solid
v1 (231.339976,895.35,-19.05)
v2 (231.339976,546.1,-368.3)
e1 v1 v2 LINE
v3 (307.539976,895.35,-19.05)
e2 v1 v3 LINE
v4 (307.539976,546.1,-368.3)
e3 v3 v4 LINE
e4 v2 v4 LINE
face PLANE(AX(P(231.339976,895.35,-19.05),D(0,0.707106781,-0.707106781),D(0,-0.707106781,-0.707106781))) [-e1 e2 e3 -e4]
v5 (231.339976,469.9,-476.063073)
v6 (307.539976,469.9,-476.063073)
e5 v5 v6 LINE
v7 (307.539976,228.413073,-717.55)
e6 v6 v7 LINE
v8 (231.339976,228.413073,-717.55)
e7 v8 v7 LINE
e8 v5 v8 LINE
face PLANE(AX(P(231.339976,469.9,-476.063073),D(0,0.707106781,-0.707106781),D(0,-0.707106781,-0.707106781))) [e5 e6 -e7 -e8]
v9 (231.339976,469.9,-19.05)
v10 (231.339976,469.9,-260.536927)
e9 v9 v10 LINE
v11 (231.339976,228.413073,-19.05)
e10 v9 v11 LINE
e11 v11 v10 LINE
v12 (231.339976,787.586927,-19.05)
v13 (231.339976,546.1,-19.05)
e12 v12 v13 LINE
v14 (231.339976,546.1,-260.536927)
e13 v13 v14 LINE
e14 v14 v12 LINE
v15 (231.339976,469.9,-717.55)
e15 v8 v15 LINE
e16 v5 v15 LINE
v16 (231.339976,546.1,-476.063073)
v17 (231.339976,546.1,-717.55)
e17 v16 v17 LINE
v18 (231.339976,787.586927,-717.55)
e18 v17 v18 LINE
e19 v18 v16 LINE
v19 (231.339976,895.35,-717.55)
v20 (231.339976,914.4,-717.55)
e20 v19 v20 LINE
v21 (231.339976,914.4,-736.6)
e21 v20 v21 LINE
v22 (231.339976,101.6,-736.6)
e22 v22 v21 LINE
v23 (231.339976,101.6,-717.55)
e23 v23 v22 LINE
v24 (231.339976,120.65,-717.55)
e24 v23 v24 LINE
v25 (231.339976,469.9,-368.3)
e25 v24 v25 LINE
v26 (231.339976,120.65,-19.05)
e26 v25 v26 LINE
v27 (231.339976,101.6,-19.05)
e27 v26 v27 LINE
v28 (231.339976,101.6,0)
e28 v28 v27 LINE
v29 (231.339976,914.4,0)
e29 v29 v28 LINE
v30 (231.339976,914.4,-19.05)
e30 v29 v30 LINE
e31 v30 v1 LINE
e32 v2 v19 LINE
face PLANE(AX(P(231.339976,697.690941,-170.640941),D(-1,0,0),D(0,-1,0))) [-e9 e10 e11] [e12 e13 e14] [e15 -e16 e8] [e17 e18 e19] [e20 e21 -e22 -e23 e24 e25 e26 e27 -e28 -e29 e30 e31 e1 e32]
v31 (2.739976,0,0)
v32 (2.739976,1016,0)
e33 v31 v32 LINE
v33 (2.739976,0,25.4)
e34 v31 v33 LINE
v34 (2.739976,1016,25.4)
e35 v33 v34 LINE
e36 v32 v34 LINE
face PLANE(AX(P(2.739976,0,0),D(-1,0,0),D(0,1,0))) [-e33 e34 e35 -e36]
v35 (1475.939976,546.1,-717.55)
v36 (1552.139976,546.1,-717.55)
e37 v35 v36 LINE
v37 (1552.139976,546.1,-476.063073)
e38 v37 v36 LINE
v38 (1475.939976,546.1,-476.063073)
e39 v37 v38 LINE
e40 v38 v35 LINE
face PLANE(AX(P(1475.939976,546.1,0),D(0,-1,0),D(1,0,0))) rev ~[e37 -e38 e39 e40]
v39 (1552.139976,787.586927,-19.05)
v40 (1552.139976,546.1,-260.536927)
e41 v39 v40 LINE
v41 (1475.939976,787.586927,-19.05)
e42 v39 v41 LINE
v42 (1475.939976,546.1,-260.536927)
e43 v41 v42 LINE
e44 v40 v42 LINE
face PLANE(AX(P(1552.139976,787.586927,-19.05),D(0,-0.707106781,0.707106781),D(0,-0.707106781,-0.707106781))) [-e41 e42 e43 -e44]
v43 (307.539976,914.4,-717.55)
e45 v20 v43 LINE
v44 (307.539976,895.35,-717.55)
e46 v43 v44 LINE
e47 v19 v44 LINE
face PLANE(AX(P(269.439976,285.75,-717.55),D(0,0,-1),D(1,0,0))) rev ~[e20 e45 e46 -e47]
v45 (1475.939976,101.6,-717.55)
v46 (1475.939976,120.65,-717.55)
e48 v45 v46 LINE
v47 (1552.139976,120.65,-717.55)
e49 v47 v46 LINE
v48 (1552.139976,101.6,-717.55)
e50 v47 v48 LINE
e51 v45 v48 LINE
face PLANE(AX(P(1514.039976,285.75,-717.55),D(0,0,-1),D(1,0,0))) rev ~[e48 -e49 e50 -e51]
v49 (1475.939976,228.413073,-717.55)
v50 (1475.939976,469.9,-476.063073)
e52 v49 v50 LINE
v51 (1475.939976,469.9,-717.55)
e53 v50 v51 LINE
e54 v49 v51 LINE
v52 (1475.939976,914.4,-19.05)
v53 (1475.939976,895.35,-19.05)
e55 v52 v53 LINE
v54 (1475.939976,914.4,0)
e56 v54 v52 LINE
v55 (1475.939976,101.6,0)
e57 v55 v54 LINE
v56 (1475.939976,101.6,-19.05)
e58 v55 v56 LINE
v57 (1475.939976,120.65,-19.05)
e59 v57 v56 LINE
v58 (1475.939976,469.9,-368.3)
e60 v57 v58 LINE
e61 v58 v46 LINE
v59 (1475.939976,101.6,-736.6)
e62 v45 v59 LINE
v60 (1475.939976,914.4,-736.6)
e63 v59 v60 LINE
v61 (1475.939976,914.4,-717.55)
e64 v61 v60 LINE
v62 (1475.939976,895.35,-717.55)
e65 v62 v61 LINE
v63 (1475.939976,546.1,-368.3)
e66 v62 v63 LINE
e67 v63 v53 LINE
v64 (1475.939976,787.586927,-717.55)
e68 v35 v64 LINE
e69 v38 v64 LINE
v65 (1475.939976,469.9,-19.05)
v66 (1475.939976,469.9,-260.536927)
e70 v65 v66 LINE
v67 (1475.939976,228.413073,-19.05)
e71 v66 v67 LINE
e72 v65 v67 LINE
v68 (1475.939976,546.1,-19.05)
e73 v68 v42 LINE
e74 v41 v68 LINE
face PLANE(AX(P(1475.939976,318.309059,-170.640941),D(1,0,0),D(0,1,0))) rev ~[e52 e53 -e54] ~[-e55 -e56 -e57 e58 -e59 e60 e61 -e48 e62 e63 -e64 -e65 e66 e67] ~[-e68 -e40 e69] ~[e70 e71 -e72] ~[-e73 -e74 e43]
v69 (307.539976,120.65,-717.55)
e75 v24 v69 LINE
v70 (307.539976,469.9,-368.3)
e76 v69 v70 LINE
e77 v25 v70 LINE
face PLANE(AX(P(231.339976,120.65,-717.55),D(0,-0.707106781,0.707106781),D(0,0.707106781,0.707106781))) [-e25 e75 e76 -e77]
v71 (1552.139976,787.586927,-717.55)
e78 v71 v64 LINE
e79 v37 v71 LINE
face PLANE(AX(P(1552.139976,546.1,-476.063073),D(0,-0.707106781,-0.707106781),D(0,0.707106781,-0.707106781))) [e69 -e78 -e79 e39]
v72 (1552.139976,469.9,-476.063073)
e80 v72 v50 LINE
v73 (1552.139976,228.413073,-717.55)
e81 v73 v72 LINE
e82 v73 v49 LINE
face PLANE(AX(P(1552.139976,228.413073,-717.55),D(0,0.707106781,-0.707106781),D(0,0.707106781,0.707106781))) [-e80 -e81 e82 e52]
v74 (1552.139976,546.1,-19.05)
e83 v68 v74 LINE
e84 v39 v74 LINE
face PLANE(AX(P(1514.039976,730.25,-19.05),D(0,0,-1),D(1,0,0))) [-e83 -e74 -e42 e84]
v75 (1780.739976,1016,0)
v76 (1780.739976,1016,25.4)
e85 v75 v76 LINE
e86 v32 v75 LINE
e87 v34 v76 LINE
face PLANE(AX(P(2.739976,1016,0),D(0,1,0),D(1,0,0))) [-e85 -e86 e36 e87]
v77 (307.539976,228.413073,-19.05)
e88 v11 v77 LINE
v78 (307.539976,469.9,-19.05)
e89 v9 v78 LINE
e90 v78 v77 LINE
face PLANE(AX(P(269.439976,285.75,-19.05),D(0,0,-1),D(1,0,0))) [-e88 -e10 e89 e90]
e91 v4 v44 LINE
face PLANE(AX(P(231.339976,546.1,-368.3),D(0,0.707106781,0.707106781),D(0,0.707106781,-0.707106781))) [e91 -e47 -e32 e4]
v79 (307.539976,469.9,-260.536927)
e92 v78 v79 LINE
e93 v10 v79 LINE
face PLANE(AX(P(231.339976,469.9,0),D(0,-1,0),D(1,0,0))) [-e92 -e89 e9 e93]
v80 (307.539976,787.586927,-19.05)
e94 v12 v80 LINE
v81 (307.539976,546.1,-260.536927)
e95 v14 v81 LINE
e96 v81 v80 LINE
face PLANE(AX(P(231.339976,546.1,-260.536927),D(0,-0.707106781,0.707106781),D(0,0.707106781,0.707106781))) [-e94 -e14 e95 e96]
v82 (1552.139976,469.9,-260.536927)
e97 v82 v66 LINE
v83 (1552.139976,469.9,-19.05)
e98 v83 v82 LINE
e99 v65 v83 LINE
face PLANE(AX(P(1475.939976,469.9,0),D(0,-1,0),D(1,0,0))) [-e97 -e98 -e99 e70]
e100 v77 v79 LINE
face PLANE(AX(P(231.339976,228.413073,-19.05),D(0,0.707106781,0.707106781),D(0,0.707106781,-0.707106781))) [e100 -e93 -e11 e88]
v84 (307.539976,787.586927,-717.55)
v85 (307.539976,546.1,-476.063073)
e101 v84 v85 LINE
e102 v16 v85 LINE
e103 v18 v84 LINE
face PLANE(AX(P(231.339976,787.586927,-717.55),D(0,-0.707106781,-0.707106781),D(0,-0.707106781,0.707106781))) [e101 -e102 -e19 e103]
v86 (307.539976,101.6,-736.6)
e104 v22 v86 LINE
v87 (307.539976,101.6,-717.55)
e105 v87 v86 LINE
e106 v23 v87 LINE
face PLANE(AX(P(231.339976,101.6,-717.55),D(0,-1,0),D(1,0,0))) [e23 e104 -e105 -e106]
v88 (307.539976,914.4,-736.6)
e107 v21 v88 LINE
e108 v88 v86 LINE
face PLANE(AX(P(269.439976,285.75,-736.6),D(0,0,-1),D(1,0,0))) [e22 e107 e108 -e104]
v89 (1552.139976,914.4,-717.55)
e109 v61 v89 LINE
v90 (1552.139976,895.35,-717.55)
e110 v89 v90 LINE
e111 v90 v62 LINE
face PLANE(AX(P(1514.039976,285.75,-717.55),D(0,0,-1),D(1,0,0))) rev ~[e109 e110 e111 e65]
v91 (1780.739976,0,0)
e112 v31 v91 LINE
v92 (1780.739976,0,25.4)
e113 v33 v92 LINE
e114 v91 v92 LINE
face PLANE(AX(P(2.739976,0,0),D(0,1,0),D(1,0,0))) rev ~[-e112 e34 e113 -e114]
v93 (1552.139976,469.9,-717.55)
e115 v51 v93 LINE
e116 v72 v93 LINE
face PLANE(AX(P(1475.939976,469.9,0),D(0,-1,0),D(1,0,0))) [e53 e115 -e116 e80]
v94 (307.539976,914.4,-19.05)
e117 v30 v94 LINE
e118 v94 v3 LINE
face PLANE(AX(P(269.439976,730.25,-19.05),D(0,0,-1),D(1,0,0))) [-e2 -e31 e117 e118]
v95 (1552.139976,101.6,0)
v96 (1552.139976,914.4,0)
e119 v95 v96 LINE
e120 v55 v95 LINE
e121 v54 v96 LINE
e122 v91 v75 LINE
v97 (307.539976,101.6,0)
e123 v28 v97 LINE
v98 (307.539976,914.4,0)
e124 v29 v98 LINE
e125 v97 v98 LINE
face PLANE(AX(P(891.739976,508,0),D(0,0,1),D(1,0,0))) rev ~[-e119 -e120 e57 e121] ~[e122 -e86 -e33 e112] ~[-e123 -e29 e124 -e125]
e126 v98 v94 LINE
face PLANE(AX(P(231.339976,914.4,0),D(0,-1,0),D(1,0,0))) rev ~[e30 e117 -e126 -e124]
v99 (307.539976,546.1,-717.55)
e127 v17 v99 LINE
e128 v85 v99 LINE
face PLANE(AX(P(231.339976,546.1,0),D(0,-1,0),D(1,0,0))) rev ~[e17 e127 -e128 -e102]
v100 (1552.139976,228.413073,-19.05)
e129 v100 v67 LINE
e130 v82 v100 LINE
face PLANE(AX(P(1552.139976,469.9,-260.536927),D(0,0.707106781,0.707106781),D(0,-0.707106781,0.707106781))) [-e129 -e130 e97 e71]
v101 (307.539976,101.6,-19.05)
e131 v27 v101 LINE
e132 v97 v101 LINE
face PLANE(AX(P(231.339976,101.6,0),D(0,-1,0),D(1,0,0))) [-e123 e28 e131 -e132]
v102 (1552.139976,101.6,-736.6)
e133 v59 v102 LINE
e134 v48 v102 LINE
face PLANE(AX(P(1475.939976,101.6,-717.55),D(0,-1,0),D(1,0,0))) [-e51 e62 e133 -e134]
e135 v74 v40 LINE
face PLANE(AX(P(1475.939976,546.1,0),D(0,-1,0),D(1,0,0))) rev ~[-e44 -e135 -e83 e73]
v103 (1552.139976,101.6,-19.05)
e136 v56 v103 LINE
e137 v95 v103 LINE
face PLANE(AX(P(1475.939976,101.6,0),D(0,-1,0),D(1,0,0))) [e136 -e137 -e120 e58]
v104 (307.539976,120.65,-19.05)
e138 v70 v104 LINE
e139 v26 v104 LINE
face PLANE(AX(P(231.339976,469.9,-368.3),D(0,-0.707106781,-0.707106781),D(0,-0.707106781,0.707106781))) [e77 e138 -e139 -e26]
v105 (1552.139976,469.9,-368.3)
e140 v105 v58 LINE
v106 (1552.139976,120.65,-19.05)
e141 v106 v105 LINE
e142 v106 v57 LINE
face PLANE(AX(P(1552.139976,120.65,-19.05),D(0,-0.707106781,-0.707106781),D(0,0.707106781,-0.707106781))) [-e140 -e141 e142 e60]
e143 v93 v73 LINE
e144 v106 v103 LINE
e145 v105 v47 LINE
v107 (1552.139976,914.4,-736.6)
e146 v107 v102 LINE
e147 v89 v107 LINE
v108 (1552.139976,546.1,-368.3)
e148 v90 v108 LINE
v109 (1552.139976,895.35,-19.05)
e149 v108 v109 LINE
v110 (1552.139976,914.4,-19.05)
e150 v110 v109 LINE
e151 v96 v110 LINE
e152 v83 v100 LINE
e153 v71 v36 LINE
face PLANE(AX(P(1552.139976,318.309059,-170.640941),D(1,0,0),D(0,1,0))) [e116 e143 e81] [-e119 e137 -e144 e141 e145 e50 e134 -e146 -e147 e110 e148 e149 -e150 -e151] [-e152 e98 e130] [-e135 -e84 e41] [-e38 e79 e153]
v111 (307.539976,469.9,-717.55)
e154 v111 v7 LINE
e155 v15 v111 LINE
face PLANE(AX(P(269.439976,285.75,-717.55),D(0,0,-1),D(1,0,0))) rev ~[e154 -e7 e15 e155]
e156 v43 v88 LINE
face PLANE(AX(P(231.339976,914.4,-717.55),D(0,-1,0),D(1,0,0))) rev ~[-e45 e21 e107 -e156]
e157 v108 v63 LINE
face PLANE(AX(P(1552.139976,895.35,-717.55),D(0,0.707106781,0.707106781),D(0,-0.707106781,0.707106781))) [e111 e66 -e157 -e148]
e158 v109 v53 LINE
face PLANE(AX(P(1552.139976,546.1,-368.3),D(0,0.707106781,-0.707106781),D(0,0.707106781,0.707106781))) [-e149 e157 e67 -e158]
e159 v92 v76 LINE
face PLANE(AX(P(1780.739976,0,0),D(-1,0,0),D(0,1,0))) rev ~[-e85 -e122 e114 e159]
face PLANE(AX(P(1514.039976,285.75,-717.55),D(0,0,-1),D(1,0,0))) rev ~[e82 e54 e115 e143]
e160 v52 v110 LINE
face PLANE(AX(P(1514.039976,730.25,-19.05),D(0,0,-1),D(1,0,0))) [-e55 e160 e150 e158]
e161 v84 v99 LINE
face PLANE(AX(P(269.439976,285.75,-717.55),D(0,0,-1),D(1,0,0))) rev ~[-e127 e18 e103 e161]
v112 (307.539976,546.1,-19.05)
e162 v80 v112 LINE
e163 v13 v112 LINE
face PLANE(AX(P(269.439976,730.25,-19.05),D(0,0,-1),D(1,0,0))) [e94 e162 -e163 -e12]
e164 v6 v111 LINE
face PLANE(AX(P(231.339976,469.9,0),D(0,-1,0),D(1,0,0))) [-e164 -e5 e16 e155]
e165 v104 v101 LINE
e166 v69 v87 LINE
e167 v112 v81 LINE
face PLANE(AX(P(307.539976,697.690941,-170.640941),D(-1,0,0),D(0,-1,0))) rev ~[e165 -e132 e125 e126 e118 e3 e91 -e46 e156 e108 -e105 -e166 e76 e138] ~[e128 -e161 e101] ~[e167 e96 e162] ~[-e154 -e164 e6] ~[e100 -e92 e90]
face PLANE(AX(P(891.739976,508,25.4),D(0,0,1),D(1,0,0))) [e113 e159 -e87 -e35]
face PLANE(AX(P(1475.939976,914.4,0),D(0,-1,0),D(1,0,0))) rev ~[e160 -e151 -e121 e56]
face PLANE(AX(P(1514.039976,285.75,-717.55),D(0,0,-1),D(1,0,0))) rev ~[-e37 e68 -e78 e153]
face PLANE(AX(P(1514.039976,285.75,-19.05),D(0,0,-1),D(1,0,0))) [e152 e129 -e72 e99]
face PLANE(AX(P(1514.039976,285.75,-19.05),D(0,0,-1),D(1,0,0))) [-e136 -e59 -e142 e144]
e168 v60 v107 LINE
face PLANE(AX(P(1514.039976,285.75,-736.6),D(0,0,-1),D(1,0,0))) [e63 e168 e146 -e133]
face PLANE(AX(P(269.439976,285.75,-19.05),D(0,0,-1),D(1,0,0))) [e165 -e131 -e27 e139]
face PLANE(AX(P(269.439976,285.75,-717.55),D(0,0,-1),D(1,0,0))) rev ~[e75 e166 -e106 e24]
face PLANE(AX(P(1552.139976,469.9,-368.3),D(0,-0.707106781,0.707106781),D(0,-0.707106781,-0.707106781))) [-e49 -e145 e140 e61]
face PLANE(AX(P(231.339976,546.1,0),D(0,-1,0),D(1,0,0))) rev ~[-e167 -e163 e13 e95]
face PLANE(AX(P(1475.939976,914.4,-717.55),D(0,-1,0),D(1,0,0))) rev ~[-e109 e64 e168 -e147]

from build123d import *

# Parameters (mm, degrees)
F0_W      = 1778
F0_H      = 1016
F1_DEPTH  = 25.4
F2_W      = 76.2
F2_H      = 76.2
F3_DEPTH  = 717.55
F4_W      = 76.2
F4_H      = 368.3
F4_H_2    = 76.2
F5_DEPTH  = 19.05
F6_W      = 76.2
F6_H      = 368.3
F7_DEPTH  = 19.05
F9_DEPTH  = 76.2
F11_DEPTH = 76.2


with BuildPart() as f1:
    # F0 (on Top) → F1 (new body)
    with BuildSketch(Plane.XY):
        with Locations((891.739976, 508)):
            Rectangle(F0_W, F0_H)
    extrude(amount=F1_DEPTH)

    # F2 (on face) → F3 (join)
    with BuildSketch(Plane(origin=(0, 0, 0), x_dir=(1, 0, 0), z_dir=(0, 0, -1))):
        with Locations((269.439976, -508)):
            Rectangle(F2_W, F2_H)
        with Locations((1514.039976, -508)):
            Rectangle(F2_W, F2_H)
    extrude(amount=F3_DEPTH)

    # F4 (on face) → F5 (join)
    with BuildSketch(Plane(origin=(0, 0, -717.55), x_dir=(1, 0, 0), z_dir=(0, 0, -1))):
        with Locations((269.439976, -285.75)):
            Rectangle(F4_W, F4_H)
        with Locations((269.439976, -508)):
            Rectangle(F4_W, F4_H_2)
        with Locations((269.439976, -730.25)):
            Rectangle(F4_W, F4_H)
        with Locations((1514.039976, -285.75)):
            Rectangle(F4_W, F4_H)
        with Locations((1514.039976, -508)):
            Rectangle(F4_W, F4_H_2)
        with Locations((1514.039976, -730.25)):
            Rectangle(F4_W, F4_H)
    extrude(amount=F5_DEPTH)

    # F6 (on face) → F7 (join)
    with BuildSketch(Plane(origin=(0, 0, 0), x_dir=(1, 0, 0), z_dir=(0, 0, -1))):
        with Locations((1514.039976, -730.25)):
            Rectangle(F6_W, F6_H)
        with Locations((1514.039976, -285.75)):
            Rectangle(F6_W, F6_H)
        with Locations((269.439976, -730.25)):
            Rectangle(F6_W, F6_H)
        with Locations((269.439976, -285.75)):
            Rectangle(F6_W, F6_H)
    extrude(amount=F7_DEPTH)

    # F8 (on face) → F9 (join)
    with BuildSketch(Plane(origin=(231.339976, 0, 0), x_dir=(0, -1, 0), z_dir=(-1, 0, 0))):
        Polygon((-895.35, -19.05), (-546.1, -368.3), (-546.1, -260.536927), (-787.586927, -19.05), align=None)
        Polygon((-469.9, -368.3), (-120.65, -19.05), (-228.413073, -19.05), (-469.9, -260.536927), align=None)
        Polygon((-228.413073, -717.55), (-120.65, -717.55), (-469.9, -368.3), (-469.9, -476.063073), align=None)
        Polygon((-546.1, -476.063073), (-546.1, -368.3), (-895.35, -717.55), (-787.586927, -717.55), align=None)
    extrude(amount=-F9_DEPTH)

    # F10 (on face) → F11 (join)
    with BuildSketch(Plane.YZ.offset(1552.139976)):
        Polygon((120.65, -19.05), (469.9, -368.3), (469.9, -260.536927), (228.413073, -19.05), align=None)
        Polygon((546.1, -368.3), (895.35, -19.05), (787.586927, -19.05), (546.1, -260.536927), align=None)
        Polygon((787.586927, -717.55), (895.35, -717.55), (546.1, -368.3), (546.1, -476.063073), align=None)
        Polygon((469.9, -476.063073), (469.9, -368.3), (120.65, -717.55), (228.413073, -717.55), align=None)
    extrude(amount=-F11_DEPTH)


solid = f1.part
